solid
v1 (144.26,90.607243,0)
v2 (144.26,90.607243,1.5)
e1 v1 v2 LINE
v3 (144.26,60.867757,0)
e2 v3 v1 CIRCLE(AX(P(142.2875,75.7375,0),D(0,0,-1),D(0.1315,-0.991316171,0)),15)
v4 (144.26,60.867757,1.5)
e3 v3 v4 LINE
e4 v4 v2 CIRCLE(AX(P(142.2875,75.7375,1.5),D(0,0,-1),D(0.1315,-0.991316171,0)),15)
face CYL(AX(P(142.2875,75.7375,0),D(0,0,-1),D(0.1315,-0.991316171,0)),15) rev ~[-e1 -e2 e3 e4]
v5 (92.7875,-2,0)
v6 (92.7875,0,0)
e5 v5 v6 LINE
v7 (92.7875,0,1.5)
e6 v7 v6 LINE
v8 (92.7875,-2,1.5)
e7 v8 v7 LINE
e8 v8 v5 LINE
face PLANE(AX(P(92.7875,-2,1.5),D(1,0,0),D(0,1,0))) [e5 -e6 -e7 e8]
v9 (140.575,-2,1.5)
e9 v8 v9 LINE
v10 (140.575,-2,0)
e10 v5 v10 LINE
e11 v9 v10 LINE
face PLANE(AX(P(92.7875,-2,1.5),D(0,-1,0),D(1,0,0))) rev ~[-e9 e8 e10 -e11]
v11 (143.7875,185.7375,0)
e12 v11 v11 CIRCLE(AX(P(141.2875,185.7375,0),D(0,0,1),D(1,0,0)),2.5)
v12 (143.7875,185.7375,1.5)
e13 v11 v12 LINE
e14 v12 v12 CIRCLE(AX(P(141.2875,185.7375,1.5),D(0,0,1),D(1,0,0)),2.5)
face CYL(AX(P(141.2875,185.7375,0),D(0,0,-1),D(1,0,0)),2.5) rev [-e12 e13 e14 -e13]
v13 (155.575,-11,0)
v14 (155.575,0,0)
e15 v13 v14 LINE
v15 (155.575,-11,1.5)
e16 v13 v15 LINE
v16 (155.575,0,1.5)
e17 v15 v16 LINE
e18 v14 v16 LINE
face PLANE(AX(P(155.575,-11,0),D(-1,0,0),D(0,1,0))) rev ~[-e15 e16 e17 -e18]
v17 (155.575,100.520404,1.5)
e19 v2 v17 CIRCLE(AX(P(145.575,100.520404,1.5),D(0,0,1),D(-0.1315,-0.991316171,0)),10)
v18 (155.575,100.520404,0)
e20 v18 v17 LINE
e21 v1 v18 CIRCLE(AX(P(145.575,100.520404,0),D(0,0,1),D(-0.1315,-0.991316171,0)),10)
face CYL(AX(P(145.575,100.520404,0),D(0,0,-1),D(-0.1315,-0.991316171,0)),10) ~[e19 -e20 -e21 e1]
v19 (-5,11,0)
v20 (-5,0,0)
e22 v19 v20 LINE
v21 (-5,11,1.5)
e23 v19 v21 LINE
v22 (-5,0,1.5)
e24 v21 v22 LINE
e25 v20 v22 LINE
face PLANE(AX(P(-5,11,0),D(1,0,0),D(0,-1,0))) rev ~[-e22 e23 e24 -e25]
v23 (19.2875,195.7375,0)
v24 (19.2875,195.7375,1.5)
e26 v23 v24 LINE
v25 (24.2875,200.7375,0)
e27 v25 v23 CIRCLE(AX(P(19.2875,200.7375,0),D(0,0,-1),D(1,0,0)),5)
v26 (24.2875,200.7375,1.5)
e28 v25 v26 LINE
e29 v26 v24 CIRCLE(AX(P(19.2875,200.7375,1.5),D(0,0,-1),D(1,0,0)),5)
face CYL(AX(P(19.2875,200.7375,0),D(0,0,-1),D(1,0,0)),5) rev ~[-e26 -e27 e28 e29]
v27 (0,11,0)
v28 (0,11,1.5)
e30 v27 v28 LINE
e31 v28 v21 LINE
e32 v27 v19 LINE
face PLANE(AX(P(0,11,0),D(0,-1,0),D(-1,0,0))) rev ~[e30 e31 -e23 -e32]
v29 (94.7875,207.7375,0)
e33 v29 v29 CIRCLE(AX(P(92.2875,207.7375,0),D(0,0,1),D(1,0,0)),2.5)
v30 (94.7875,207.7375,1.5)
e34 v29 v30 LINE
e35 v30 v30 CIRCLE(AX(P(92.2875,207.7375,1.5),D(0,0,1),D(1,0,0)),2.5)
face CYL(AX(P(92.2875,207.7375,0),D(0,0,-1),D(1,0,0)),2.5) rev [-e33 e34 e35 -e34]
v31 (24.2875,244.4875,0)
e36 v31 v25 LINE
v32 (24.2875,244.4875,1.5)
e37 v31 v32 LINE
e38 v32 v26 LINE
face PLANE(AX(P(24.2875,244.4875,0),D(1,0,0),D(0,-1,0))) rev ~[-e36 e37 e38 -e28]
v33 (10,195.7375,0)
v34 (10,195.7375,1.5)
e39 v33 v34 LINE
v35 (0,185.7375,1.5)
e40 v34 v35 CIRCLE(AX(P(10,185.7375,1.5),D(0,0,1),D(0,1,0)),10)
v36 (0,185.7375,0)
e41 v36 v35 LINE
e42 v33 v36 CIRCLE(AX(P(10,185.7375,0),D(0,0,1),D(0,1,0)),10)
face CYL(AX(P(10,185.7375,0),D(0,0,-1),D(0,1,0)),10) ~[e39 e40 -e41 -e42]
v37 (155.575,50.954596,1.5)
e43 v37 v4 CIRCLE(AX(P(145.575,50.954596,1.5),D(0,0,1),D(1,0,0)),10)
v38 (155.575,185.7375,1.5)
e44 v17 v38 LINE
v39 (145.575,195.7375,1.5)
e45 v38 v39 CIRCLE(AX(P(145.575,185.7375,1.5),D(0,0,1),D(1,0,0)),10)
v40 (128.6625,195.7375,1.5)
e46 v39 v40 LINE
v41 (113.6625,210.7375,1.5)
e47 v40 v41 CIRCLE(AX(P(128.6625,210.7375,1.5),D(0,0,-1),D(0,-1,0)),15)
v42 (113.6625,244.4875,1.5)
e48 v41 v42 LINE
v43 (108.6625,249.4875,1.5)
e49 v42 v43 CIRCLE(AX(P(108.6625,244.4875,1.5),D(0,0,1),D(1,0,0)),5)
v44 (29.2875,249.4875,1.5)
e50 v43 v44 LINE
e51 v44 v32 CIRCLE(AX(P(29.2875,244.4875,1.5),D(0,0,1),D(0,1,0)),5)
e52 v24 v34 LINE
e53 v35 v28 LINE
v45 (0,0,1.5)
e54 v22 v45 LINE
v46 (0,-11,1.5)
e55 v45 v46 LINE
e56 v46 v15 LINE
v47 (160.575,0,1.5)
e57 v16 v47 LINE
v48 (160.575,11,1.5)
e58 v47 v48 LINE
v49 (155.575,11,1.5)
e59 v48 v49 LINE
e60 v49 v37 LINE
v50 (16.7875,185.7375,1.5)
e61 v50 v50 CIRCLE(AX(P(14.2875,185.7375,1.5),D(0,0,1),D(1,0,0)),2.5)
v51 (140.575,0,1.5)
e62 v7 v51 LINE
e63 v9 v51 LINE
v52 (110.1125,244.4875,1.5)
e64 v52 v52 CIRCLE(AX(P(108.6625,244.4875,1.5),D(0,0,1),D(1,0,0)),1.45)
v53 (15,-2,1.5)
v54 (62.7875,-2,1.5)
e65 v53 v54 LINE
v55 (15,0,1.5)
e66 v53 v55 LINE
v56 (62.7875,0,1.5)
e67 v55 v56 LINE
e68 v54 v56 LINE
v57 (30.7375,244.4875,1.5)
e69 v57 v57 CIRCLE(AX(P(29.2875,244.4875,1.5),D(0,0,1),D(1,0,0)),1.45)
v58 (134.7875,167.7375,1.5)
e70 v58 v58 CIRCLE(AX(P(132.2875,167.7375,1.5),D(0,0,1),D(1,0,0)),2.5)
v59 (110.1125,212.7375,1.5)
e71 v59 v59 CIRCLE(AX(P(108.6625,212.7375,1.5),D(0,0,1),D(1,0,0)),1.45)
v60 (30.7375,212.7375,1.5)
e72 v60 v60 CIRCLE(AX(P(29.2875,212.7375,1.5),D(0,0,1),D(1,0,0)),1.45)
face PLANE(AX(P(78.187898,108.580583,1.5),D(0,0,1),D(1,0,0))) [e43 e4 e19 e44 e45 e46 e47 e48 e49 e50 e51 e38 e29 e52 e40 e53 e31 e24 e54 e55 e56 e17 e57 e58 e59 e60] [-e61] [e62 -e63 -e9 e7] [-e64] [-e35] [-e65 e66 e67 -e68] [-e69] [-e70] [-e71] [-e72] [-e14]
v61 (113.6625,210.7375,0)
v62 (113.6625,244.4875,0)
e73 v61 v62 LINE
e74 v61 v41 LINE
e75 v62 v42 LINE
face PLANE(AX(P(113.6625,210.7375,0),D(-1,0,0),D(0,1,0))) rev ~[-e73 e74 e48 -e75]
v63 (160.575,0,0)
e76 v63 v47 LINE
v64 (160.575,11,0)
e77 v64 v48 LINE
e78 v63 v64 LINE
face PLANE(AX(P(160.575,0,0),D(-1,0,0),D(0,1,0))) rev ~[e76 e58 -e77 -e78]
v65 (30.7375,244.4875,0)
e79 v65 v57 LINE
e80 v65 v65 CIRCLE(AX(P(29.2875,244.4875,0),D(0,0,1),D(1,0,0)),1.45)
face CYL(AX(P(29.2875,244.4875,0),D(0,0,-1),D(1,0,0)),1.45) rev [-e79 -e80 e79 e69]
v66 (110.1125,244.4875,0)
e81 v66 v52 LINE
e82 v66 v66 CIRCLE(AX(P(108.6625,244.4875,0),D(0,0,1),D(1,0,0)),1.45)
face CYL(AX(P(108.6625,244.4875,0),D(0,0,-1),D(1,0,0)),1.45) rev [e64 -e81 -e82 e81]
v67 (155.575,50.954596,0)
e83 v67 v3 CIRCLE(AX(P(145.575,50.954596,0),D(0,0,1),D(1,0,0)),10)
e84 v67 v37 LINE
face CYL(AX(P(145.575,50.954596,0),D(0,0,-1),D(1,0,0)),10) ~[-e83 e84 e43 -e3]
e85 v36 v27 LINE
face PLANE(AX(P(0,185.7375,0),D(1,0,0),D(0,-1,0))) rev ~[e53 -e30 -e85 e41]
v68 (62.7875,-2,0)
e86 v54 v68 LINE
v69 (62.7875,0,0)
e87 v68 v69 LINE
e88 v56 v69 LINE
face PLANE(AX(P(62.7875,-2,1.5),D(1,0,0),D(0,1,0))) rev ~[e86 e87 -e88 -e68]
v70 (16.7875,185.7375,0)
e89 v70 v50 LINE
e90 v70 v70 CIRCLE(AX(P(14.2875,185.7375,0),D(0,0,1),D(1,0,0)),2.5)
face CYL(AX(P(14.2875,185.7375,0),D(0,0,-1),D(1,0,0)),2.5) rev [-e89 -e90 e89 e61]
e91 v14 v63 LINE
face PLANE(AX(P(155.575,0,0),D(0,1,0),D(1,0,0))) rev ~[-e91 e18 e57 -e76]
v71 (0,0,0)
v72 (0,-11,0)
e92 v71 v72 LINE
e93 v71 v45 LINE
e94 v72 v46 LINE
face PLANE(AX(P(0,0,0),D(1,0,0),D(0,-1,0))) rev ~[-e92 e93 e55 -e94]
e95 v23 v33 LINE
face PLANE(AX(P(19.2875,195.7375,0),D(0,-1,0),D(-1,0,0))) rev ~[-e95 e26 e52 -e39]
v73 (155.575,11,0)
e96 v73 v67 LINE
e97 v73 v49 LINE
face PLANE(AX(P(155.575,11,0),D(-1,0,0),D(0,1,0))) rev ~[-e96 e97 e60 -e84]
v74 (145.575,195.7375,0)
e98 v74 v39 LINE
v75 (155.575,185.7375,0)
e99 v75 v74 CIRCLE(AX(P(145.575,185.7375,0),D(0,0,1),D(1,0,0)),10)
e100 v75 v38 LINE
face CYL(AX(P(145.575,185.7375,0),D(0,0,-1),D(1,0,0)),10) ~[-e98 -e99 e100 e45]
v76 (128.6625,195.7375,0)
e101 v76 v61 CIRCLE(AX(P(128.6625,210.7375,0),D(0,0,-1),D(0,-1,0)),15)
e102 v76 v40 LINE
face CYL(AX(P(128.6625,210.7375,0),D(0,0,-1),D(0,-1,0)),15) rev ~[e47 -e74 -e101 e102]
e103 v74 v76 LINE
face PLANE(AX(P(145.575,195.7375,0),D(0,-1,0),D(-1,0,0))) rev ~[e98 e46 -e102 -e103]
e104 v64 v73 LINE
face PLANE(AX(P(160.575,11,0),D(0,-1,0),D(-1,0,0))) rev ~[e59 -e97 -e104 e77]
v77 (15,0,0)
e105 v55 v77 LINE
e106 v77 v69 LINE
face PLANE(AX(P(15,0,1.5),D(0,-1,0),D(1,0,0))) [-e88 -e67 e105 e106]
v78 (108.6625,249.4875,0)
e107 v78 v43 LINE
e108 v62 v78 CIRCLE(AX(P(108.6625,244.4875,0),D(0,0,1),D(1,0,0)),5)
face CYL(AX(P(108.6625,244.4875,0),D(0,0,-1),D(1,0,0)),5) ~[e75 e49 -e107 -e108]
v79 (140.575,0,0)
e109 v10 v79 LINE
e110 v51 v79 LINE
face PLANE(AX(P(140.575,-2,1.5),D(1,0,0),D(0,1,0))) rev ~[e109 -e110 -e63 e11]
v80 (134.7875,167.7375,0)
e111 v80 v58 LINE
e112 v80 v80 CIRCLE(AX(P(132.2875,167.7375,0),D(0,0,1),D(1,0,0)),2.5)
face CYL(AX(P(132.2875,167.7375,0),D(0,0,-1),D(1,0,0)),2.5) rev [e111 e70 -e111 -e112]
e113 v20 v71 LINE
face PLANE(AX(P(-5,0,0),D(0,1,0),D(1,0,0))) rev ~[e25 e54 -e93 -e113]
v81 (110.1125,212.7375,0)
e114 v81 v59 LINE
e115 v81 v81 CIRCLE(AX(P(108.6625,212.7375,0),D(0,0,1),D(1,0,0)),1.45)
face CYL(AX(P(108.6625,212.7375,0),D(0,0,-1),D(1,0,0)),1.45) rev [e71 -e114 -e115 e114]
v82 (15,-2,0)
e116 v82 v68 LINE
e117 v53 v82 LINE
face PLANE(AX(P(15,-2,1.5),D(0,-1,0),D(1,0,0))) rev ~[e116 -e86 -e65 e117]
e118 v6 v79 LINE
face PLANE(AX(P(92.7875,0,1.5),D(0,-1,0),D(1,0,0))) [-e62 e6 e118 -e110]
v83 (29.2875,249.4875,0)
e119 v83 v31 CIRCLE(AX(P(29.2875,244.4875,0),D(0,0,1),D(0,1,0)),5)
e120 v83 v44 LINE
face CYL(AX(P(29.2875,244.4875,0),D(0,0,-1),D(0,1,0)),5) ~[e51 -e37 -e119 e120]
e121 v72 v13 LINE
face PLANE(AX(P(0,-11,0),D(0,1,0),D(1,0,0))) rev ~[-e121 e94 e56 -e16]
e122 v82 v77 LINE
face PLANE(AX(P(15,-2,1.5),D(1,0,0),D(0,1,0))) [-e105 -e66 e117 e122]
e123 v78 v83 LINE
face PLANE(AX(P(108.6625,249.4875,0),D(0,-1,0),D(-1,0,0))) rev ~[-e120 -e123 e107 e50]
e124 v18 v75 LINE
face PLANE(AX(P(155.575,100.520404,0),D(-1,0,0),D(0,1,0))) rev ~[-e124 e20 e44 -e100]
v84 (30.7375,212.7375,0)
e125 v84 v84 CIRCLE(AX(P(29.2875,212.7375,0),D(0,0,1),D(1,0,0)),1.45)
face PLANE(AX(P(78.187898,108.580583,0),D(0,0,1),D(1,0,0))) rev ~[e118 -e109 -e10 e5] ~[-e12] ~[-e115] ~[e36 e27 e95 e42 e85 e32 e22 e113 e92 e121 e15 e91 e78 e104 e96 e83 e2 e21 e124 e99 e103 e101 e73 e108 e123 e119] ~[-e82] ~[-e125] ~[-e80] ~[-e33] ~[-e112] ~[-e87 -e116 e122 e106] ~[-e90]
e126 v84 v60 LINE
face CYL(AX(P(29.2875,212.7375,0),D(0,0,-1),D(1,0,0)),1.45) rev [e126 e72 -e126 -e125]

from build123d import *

# Parameters (mm, degrees)
SKETCH1_R           = 2.5
SKETCH1_R_2         = 1.45
BOSS_EXTRUDE1_DEPTH = 1.5
SKETCH2_W           = 47.7875
SKETCH2_H           = 2
CUT_EXTRUDE1_DEPTH  = 2.5


with BuildPart() as part:
    # Sketch1 → Boss-Extrude1 (new body)
    with BuildSketch(Plane.XY):
        with BuildLine():
            Line((24.2875, 244.4875), (24.2875, 200.7375))
            ThreePointArc((24.2875, 200.7375), (22.823033906, 197.201966094), (19.2875, 195.7375))
            Line((19.2875, 195.7375), (10, 195.7375))
            ThreePointArc((10, 195.7375), (2.928932188, 192.808567812), (0, 185.7375))
            Line((0, 185.7375), (0, 11))
            Line((0, 11), (-5, 11))
            Line((-5, 11), (-5, 0))
            Line((-5, 0), (0, 0))
            Line((0, 0), (0, -11))
            Line((0, -11), (155.575, -11))
            Line((155.575, -11), (155.575, 0))
            Line((155.575, 0), (160.575, 0))
            Line((160.575, 0), (160.575, 11))
            Line((160.575, 11), (155.575, 11))
            Line((155.575, 11), (155.575, 50.954595736))
            ThreePointArc((155.575, 50.954595736), (152.164764791, 58.476231197), (144.26, 60.867757442))
            ThreePointArc((144.26, 60.867757442), (127.2875, 75.7375), (144.26, 90.607242558))
            ThreePointArc((144.26, 90.607242558), (152.164764791, 92.998768803), (155.575, 100.520404264))
            Line((155.575, 100.520404264), (155.575, 185.7375))
            ThreePointArc((155.575, 185.7375), (152.646067812, 192.808567812), (145.575, 195.7375))
            Line((145.575, 195.7375), (128.6625, 195.7375))
            ThreePointArc((128.6625, 195.7375), (118.055898282, 200.130898282), (113.6625, 210.7375))
            Line((113.6625, 210.7375), (113.6625, 244.4875))
            ThreePointArc((113.6625, 244.4875), (112.198033906, 248.023033906), (108.6625, 249.4875))
            Line((108.6625, 249.4875), (29.2875, 249.4875))
            ThreePointArc((29.2875, 249.4875), (25.751966094, 248.023033906), (24.2875, 244.4875))
        make_face()
        with Locations((14.2875, 185.7375)):
            Circle(SKETCH1_R, mode=Mode.SUBTRACT)
        with Locations((141.2875, 185.7375)):
            Circle(SKETCH1_R, mode=Mode.SUBTRACT)
        with Locations((108.6625, 212.7375)):
            Circle(SKETCH1_R_2, mode=Mode.SUBTRACT)
        with Locations((108.6625, 244.4875)):
            Circle(SKETCH1_R_2, mode=Mode.SUBTRACT)
        with Locations((29.2875, 244.4875)):
            Circle(SKETCH1_R_2, mode=Mode.SUBTRACT)
        with Locations((29.2875, 212.7375)):
            Circle(SKETCH1_R_2, mode=Mode.SUBTRACT)
        with Locations((132.2875, 167.7375)):
            Circle(SKETCH1_R, mode=Mode.SUBTRACT)
        with Locations((92.2875, 207.7375)):
            Circle(SKETCH1_R, mode=Mode.SUBTRACT)
    extrude(amount=BOSS_EXTRUDE1_DEPTH)

    # Sketch2 → Cut-Extrude1 (cut, through all)
    with BuildSketch(Plane.XY.offset(1.5)):
        with Locations((38.89375, -1)):
            Rectangle(SKETCH2_W, SKETCH2_H)
        with Locations((116.68125, -1)):
            Rectangle(SKETCH2_W, SKETCH2_H)
    extrude(amount=-CUT_EXTRUDE1_DEPTH, mode=Mode.SUBTRACT)


solid = part.part
